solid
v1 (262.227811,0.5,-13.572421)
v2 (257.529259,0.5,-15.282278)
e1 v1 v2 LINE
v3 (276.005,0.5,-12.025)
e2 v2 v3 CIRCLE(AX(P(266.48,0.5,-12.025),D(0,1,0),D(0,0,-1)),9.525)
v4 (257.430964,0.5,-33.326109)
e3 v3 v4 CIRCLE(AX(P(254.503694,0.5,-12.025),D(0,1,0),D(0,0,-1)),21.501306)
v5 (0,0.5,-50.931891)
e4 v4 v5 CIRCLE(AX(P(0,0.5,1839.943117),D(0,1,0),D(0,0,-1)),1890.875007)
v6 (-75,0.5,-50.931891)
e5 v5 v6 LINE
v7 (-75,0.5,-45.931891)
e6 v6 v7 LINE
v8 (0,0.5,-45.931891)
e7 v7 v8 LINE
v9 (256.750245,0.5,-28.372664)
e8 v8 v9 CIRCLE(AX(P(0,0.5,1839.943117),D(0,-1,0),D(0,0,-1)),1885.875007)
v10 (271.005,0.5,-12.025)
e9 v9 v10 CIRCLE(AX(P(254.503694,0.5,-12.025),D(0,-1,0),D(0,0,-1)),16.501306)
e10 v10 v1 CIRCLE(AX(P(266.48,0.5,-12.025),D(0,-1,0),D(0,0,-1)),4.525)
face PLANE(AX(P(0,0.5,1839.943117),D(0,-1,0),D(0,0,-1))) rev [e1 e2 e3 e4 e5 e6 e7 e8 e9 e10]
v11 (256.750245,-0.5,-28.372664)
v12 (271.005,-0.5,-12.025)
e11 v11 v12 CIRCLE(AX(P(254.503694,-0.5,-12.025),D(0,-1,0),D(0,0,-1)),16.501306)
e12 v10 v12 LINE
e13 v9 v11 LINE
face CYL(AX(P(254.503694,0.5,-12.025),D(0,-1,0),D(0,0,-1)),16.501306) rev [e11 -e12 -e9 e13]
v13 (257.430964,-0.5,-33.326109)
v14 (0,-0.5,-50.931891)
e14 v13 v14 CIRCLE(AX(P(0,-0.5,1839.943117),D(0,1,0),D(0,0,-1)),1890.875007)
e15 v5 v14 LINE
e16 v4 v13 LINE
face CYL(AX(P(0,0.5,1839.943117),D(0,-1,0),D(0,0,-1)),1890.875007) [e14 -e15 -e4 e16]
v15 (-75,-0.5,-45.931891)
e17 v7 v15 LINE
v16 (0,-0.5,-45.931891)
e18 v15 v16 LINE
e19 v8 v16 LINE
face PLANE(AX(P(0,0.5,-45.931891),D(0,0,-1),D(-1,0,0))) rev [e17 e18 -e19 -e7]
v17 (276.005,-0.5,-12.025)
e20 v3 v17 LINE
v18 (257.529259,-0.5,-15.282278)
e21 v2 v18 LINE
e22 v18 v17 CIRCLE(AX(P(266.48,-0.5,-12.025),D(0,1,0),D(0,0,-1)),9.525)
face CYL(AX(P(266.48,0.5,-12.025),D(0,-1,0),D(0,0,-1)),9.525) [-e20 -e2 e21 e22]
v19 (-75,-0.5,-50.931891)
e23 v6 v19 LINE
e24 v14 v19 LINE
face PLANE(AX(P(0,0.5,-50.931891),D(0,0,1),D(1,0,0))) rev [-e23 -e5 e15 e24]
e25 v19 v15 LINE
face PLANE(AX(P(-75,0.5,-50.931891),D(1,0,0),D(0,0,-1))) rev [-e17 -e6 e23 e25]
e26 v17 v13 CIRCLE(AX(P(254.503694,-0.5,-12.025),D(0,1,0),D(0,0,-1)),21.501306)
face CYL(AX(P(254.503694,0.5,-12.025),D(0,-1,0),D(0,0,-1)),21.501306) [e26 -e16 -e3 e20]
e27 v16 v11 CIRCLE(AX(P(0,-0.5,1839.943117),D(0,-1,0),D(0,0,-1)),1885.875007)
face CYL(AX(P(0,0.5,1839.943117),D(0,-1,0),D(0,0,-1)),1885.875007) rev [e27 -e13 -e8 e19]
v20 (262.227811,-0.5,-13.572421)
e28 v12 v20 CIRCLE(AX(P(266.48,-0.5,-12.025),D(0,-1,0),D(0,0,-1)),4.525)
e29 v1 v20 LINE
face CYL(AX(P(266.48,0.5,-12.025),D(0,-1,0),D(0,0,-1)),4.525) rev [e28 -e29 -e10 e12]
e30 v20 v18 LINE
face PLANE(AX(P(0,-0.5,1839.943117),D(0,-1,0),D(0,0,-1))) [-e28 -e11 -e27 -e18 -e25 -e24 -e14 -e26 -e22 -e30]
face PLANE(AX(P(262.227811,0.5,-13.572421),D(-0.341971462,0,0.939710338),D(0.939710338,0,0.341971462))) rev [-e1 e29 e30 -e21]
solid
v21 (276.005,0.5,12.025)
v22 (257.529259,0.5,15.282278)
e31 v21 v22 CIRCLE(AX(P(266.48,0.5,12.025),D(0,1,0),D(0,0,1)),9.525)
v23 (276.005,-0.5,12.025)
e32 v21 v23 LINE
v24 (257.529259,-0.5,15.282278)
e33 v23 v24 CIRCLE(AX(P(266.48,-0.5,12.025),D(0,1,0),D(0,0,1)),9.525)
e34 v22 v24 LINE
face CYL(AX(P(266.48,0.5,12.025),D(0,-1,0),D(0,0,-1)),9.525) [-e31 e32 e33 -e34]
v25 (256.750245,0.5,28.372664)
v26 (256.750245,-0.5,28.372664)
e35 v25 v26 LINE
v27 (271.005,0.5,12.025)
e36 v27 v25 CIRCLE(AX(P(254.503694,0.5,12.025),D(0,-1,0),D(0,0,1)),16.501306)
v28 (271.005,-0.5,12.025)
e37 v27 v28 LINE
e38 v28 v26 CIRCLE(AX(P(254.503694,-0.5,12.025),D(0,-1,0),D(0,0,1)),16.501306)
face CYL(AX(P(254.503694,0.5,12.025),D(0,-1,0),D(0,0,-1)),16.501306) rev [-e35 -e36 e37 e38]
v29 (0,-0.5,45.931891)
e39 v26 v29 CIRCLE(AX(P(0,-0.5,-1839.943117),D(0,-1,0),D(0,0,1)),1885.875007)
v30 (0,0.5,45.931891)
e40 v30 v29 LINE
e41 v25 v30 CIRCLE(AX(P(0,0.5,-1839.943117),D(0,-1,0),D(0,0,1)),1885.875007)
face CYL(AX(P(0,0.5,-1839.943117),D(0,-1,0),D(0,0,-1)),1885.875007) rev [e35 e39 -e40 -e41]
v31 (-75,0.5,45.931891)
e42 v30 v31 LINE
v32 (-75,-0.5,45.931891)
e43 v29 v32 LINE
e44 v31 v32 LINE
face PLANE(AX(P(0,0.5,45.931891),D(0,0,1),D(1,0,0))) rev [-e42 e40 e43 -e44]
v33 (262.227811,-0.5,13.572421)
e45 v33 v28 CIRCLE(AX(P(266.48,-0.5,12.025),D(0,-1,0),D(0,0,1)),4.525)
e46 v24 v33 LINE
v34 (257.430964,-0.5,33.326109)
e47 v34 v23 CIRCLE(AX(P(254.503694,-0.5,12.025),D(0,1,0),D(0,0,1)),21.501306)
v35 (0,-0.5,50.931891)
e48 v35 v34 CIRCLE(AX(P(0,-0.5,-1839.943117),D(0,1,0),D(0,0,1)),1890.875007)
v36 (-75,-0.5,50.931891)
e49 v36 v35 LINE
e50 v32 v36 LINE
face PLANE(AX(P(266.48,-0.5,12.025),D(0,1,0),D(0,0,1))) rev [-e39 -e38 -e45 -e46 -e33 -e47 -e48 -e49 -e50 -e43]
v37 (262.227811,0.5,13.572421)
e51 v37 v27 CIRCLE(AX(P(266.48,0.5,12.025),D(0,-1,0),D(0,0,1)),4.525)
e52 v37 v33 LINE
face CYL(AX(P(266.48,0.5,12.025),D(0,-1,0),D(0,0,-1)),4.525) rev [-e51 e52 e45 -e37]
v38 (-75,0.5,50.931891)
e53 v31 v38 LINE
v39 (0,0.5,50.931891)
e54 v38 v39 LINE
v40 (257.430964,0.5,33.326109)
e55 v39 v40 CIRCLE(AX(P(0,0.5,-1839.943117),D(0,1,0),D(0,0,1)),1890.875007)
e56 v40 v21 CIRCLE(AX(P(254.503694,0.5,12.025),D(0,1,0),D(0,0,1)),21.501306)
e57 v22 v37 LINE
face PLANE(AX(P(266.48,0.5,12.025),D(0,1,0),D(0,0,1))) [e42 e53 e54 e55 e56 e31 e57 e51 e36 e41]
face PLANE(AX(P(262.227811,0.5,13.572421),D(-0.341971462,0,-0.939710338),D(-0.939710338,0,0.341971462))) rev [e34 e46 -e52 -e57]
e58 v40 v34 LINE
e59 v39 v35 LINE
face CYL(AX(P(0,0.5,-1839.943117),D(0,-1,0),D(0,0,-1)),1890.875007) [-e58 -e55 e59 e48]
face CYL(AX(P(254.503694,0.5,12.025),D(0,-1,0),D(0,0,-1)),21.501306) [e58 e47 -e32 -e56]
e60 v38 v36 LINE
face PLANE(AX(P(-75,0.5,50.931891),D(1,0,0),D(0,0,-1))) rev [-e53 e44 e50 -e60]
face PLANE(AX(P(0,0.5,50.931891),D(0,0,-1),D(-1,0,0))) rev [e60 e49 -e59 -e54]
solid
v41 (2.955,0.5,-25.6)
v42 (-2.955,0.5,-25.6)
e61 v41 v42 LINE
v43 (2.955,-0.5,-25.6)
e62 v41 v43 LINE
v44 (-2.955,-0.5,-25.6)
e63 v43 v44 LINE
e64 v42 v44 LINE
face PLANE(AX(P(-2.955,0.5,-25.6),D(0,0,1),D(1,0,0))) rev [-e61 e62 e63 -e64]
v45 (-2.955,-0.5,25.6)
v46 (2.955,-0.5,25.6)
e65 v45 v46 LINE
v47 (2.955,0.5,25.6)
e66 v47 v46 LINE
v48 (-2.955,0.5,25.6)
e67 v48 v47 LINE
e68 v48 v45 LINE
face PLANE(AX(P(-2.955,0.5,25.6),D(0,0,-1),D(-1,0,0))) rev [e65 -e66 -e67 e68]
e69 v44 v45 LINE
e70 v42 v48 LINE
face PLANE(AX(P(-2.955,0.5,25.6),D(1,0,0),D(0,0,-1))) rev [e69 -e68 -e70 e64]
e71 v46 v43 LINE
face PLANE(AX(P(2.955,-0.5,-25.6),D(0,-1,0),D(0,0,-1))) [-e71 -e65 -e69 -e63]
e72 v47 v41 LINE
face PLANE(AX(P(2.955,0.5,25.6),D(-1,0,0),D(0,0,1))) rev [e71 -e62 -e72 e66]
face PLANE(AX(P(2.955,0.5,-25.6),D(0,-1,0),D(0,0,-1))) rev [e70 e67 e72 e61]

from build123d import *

# Parameters (mm, degrees)
BOSS_EXTRUDE1_DEPTH   = 0.5
BOSS_EXTRUDE1_2_DEPTH = 0.5
SKETCH1_W             = 5.91
SKETCH1_H             = 51.2
BOSS_EXTRUDE1_3_DEPTH = 0.5


with BuildPart() as part:
    # Sketch1 → Boss-Extrude1 (new, symmetric)
    with BuildSketch(Plane(origin=(0, 0, 0), x_dir=(1, 0, 0), z_dir=(0, 1, 0))):
        with BuildLine():
            Line((0, 50.931890821), (-75, 50.931890821))
            Line((-75, 50.931890821), (-75, 45.931890821))
            Line((-75, 45.931890821), (0, 45.931890821))
            ThreePointArc((0, 45.931890821), (128.67499242, 41.536963002), (256.750244878, 28.372663821))
            ThreePointArc((256.750244878, 28.372663821), (266.940818335, 22.869862332), (271.005, 12.025))
            ThreePointArc((271.005, 12.025), (265.694357424, 7.568724566), (262.227810722, 13.572420868))
            Line((262.227810722, 13.572420868), (257.529259033, 15.28227818))
            ThreePointArc((257.529259033, 15.28227818), (264.826244079, 2.644663313), (276.005, 12.025))
            ThreePointArc((276.005, 12.025), (270.709345615, 26.155924129), (257.430964024, 33.326109233))
            ThreePointArc((257.430964024, 33.326109233), (129.016147035, 46.525310778), (0, 50.931890821))
        make_face()
    extrude(amount=BOSS_EXTRUDE1_DEPTH, both=True)


with BuildPart() as body_2:
    # Sketch1 → Boss-Extrude1 2 (new, symmetric)
    with BuildSketch(Plane(origin=(0, 0, 0), x_dir=(1, 0, 0), z_dir=(0, 1, 0))):
        with BuildLine():
            Line((262.227810722, -13.572420868), (257.529259033, -15.28227818))
            ThreePointArc((257.529259033, -15.28227818), (264.826244079, -2.644663313), (276.005, -12.025))
            ThreePointArc((276.005, -12.025), (270.709345615, -26.155924129), (257.430964024, -33.326109233))
            ThreePointArc((257.430964024, -33.326109233), (129.016147035, -46.525310778), (0, -50.931890821))
            Line((0, -50.931890821), (-75, -50.931890821))
            Line((-75, -50.931890821), (-75, -45.931890821))
            Line((-75, -45.931890821), (0, -45.931890821))
            ThreePointArc((0, -45.931890821), (128.67499242, -41.536963002), (256.750244878, -28.372663821))
            ThreePointArc((256.750244878, -28.372663821), (266.940818335, -22.869862332), (271.005, -12.025))
            ThreePointArc((271.005, -12.025), (265.694357424, -7.568724566), (262.227810722, -13.572420868))
        make_face()
    extrude(amount=BOSS_EXTRUDE1_2_DEPTH, both=True)


with BuildPart() as body_3:
    # Sketch1 → Boss-Extrude1 3 (new, symmetric)
    with BuildSketch(Plane(origin=(0, 0, 0), x_dir=(1, 0, 0), z_dir=(0, 1, 0))):
        Rectangle(SKETCH1_W, SKETCH1_H)
    extrude(amount=BOSS_EXTRUDE1_3_DEPTH, both=True)


solid = Compound([part.part, body_2.part, body_3.part])
